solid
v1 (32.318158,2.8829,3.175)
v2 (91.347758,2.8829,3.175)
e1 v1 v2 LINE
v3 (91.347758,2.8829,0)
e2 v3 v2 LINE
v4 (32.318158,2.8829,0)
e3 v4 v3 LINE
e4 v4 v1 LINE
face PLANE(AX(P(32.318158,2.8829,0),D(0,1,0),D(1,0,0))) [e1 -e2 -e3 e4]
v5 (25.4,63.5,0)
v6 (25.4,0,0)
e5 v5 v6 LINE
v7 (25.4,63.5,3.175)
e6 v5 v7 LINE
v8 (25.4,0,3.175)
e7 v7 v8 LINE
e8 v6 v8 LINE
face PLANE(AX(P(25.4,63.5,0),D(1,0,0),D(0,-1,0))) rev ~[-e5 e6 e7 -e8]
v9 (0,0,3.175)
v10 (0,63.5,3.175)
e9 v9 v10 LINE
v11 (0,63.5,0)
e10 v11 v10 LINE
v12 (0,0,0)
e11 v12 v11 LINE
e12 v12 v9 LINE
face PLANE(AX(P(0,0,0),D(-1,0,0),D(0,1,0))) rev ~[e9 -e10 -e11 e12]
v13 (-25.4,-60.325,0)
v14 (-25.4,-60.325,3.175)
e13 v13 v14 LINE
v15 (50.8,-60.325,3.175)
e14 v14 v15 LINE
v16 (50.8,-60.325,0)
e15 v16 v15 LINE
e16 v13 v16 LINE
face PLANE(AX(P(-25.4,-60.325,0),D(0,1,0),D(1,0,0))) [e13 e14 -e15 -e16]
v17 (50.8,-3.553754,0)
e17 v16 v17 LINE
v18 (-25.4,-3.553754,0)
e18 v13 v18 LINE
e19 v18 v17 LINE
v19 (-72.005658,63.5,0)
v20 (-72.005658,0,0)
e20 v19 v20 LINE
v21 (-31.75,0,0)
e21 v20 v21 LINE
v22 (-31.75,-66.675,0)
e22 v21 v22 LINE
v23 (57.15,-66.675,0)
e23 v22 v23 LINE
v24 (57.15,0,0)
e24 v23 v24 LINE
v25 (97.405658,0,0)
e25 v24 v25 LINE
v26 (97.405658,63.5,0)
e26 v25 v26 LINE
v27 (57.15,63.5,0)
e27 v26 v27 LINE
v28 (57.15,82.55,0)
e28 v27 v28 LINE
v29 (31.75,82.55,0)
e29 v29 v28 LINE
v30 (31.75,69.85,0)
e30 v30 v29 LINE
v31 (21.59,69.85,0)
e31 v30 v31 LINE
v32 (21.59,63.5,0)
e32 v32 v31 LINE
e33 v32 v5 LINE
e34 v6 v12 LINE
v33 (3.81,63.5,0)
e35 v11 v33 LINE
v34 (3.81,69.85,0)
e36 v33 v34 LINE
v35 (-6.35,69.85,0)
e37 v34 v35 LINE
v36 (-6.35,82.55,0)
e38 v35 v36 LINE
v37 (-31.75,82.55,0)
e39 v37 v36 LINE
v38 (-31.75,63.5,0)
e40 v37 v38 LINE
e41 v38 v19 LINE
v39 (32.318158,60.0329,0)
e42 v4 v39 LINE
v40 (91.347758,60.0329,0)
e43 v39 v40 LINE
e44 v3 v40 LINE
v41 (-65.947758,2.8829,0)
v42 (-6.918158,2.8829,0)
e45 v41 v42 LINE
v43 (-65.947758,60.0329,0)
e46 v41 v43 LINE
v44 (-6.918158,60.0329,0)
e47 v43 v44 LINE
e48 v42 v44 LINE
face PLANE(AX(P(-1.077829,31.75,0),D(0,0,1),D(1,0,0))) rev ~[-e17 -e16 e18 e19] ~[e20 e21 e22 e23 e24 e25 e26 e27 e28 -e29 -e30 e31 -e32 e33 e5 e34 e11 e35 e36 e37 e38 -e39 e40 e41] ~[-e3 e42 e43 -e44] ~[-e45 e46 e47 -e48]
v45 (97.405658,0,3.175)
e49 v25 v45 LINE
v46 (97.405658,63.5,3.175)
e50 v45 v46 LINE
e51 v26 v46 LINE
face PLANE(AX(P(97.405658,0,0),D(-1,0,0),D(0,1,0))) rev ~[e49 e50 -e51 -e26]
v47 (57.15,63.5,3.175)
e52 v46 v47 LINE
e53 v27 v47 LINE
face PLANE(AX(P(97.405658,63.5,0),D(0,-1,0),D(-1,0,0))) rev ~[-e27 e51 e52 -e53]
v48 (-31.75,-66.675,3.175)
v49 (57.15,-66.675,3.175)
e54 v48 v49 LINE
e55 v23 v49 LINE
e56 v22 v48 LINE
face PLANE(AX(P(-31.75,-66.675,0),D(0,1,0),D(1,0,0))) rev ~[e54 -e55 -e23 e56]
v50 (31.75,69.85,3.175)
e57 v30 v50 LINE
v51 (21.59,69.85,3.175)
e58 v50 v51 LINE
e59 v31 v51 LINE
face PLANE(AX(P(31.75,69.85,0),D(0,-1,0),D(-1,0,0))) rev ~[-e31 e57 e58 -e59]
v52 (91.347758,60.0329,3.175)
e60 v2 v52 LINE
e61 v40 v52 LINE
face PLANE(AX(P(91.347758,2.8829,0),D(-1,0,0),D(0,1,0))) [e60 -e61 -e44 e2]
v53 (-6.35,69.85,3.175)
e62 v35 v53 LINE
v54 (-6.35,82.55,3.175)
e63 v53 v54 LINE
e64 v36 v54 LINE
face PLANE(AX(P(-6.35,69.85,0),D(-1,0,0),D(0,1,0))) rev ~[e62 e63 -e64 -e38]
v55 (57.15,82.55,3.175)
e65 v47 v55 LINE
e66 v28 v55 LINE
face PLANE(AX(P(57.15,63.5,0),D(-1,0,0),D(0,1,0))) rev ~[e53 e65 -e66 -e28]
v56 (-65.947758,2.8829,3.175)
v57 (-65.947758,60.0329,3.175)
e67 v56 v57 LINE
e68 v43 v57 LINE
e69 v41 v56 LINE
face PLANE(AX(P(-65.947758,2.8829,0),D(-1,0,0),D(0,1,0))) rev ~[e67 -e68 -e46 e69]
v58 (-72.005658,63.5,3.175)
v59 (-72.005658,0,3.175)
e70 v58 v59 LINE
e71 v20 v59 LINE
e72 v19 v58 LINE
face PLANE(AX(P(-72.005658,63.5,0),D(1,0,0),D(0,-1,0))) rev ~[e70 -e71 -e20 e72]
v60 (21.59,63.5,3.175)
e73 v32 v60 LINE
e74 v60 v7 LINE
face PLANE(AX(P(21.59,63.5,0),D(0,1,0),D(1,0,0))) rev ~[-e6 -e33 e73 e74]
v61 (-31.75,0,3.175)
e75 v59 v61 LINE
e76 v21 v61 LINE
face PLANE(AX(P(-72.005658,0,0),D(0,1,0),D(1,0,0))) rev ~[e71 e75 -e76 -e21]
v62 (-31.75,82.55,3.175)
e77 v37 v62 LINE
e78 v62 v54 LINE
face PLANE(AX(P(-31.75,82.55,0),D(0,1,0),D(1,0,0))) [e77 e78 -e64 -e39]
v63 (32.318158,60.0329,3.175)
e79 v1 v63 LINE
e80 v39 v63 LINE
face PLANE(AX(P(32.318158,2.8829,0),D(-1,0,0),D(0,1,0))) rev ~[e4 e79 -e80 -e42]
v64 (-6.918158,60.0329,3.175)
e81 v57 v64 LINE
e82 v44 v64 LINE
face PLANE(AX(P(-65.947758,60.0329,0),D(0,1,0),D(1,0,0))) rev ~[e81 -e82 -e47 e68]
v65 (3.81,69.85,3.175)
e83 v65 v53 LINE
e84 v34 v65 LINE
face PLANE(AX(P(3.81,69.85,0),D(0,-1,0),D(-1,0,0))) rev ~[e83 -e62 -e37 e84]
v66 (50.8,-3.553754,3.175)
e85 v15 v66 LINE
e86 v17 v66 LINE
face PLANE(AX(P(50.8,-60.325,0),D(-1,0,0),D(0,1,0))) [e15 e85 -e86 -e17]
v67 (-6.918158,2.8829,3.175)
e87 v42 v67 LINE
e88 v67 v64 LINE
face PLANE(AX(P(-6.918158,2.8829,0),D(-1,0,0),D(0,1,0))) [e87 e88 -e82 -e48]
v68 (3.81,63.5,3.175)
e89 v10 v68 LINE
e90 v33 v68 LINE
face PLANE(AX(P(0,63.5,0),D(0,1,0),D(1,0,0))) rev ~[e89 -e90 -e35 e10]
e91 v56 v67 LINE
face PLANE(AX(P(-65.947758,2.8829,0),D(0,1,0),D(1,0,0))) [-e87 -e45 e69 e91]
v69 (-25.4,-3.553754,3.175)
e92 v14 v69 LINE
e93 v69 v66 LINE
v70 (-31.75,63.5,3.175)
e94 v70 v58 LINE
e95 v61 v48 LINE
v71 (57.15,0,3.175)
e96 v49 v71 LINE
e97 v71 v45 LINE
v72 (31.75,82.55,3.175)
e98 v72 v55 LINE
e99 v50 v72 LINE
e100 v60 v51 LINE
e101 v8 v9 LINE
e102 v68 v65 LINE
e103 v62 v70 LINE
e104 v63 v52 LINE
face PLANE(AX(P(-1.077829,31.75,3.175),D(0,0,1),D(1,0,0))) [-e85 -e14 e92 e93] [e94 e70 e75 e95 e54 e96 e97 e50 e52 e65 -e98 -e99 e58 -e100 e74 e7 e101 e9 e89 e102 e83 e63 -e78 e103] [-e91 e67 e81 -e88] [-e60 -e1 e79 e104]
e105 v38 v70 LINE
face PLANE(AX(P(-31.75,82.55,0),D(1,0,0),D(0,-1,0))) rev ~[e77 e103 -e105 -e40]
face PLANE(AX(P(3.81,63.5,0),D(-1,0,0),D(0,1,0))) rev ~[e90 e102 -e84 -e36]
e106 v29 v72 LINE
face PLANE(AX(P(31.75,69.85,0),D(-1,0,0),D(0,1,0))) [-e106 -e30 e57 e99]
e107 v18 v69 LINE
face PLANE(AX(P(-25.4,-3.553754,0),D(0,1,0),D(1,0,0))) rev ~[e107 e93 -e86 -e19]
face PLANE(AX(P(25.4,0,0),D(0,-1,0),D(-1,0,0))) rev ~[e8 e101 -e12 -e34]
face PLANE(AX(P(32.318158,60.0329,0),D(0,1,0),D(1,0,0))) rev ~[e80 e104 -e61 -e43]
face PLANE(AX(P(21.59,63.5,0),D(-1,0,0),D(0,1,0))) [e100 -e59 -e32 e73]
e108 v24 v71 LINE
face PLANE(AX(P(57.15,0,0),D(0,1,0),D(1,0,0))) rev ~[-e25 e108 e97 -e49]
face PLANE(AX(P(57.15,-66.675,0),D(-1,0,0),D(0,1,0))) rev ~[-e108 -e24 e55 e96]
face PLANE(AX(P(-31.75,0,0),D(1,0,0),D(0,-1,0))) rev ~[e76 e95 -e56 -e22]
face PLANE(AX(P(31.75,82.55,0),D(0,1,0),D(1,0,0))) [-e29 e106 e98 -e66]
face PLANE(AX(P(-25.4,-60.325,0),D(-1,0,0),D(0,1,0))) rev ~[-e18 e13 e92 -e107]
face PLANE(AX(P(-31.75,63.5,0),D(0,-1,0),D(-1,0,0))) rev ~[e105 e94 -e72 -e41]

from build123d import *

# Parameters (mm, degrees)
F0_W     = 2.155658
F0_H     = 63.5
F0_W_2   = 76.2
F0_H_2   = 56.771246
F0_W_3   = 59.0296
F0_H_3   = 57.15
F0_W_4   = 3.81
F0_H_4   = 6.35
F0_W_5   = 25.4
F0_H_5   = 12.7
F1_DEPTH = 3.175


with BuildPart() as f1:
    # F0 (on Top) → F1 (new body)
    with BuildSketch(Plane.XY):
        with Locations((-1.077829, 31.75)):
            Rectangle(F0_W, F0_H)
        Polygon((0, 0), (-2.155658, 0), (-2.155658, 63.5), (-31.75, 63.5), (-72.005658, 63.5), (-72.005658, 0), (-31.75, 0), (-31.75, -66.675), (57.15, -66.675), (57.15, 0), (97.405658, 0), (97.405658, 63.5), (57.15, 63.5), (27.555658, 63.5), (27.555658, 0), (25.4, 0), (12.7, 0), align=None)
        with Locations((12.7, -31.939377)):
            Rectangle(F0_W_2, F0_H_2, mode=Mode.SUBTRACT)
        with Locations((-36.432958, 31.4579)):
            Rectangle(F0_W_3, F0_H_3, mode=Mode.SUBTRACT)
        with Locations((61.832958, 31.4579)):
            Rectangle(F0_W_3, F0_H_3, mode=Mode.SUBTRACT)
        Polygon((-31.75, 63.5), (-2.155658, 63.5), (0, 63.5), (0, 69.85), (-6.35, 69.85), (-31.75, 69.85), align=None)
        with Locations((1.905, 66.675)):
            Rectangle(F0_W_4, F0_H_4)
        with Locations((26.477829, 31.75)):
            Rectangle(F0_W, F0_H)
        with Locations((-19.05, 76.2)):
            Rectangle(F0_W_5, F0_H_5)
        Polygon((25.4, 69.85), (25.4, 63.5), (27.555658, 63.5), (57.15, 63.5), (57.15, 69.85), (31.75, 69.85), align=None)
        with Locations((23.495, 66.675)):
            Rectangle(F0_W_4, F0_H_4)
        with Locations((44.45, 76.2)):
            Rectangle(F0_W_5, F0_H_5)
    extrude(amount=F1_DEPTH)


solid = f1.part
